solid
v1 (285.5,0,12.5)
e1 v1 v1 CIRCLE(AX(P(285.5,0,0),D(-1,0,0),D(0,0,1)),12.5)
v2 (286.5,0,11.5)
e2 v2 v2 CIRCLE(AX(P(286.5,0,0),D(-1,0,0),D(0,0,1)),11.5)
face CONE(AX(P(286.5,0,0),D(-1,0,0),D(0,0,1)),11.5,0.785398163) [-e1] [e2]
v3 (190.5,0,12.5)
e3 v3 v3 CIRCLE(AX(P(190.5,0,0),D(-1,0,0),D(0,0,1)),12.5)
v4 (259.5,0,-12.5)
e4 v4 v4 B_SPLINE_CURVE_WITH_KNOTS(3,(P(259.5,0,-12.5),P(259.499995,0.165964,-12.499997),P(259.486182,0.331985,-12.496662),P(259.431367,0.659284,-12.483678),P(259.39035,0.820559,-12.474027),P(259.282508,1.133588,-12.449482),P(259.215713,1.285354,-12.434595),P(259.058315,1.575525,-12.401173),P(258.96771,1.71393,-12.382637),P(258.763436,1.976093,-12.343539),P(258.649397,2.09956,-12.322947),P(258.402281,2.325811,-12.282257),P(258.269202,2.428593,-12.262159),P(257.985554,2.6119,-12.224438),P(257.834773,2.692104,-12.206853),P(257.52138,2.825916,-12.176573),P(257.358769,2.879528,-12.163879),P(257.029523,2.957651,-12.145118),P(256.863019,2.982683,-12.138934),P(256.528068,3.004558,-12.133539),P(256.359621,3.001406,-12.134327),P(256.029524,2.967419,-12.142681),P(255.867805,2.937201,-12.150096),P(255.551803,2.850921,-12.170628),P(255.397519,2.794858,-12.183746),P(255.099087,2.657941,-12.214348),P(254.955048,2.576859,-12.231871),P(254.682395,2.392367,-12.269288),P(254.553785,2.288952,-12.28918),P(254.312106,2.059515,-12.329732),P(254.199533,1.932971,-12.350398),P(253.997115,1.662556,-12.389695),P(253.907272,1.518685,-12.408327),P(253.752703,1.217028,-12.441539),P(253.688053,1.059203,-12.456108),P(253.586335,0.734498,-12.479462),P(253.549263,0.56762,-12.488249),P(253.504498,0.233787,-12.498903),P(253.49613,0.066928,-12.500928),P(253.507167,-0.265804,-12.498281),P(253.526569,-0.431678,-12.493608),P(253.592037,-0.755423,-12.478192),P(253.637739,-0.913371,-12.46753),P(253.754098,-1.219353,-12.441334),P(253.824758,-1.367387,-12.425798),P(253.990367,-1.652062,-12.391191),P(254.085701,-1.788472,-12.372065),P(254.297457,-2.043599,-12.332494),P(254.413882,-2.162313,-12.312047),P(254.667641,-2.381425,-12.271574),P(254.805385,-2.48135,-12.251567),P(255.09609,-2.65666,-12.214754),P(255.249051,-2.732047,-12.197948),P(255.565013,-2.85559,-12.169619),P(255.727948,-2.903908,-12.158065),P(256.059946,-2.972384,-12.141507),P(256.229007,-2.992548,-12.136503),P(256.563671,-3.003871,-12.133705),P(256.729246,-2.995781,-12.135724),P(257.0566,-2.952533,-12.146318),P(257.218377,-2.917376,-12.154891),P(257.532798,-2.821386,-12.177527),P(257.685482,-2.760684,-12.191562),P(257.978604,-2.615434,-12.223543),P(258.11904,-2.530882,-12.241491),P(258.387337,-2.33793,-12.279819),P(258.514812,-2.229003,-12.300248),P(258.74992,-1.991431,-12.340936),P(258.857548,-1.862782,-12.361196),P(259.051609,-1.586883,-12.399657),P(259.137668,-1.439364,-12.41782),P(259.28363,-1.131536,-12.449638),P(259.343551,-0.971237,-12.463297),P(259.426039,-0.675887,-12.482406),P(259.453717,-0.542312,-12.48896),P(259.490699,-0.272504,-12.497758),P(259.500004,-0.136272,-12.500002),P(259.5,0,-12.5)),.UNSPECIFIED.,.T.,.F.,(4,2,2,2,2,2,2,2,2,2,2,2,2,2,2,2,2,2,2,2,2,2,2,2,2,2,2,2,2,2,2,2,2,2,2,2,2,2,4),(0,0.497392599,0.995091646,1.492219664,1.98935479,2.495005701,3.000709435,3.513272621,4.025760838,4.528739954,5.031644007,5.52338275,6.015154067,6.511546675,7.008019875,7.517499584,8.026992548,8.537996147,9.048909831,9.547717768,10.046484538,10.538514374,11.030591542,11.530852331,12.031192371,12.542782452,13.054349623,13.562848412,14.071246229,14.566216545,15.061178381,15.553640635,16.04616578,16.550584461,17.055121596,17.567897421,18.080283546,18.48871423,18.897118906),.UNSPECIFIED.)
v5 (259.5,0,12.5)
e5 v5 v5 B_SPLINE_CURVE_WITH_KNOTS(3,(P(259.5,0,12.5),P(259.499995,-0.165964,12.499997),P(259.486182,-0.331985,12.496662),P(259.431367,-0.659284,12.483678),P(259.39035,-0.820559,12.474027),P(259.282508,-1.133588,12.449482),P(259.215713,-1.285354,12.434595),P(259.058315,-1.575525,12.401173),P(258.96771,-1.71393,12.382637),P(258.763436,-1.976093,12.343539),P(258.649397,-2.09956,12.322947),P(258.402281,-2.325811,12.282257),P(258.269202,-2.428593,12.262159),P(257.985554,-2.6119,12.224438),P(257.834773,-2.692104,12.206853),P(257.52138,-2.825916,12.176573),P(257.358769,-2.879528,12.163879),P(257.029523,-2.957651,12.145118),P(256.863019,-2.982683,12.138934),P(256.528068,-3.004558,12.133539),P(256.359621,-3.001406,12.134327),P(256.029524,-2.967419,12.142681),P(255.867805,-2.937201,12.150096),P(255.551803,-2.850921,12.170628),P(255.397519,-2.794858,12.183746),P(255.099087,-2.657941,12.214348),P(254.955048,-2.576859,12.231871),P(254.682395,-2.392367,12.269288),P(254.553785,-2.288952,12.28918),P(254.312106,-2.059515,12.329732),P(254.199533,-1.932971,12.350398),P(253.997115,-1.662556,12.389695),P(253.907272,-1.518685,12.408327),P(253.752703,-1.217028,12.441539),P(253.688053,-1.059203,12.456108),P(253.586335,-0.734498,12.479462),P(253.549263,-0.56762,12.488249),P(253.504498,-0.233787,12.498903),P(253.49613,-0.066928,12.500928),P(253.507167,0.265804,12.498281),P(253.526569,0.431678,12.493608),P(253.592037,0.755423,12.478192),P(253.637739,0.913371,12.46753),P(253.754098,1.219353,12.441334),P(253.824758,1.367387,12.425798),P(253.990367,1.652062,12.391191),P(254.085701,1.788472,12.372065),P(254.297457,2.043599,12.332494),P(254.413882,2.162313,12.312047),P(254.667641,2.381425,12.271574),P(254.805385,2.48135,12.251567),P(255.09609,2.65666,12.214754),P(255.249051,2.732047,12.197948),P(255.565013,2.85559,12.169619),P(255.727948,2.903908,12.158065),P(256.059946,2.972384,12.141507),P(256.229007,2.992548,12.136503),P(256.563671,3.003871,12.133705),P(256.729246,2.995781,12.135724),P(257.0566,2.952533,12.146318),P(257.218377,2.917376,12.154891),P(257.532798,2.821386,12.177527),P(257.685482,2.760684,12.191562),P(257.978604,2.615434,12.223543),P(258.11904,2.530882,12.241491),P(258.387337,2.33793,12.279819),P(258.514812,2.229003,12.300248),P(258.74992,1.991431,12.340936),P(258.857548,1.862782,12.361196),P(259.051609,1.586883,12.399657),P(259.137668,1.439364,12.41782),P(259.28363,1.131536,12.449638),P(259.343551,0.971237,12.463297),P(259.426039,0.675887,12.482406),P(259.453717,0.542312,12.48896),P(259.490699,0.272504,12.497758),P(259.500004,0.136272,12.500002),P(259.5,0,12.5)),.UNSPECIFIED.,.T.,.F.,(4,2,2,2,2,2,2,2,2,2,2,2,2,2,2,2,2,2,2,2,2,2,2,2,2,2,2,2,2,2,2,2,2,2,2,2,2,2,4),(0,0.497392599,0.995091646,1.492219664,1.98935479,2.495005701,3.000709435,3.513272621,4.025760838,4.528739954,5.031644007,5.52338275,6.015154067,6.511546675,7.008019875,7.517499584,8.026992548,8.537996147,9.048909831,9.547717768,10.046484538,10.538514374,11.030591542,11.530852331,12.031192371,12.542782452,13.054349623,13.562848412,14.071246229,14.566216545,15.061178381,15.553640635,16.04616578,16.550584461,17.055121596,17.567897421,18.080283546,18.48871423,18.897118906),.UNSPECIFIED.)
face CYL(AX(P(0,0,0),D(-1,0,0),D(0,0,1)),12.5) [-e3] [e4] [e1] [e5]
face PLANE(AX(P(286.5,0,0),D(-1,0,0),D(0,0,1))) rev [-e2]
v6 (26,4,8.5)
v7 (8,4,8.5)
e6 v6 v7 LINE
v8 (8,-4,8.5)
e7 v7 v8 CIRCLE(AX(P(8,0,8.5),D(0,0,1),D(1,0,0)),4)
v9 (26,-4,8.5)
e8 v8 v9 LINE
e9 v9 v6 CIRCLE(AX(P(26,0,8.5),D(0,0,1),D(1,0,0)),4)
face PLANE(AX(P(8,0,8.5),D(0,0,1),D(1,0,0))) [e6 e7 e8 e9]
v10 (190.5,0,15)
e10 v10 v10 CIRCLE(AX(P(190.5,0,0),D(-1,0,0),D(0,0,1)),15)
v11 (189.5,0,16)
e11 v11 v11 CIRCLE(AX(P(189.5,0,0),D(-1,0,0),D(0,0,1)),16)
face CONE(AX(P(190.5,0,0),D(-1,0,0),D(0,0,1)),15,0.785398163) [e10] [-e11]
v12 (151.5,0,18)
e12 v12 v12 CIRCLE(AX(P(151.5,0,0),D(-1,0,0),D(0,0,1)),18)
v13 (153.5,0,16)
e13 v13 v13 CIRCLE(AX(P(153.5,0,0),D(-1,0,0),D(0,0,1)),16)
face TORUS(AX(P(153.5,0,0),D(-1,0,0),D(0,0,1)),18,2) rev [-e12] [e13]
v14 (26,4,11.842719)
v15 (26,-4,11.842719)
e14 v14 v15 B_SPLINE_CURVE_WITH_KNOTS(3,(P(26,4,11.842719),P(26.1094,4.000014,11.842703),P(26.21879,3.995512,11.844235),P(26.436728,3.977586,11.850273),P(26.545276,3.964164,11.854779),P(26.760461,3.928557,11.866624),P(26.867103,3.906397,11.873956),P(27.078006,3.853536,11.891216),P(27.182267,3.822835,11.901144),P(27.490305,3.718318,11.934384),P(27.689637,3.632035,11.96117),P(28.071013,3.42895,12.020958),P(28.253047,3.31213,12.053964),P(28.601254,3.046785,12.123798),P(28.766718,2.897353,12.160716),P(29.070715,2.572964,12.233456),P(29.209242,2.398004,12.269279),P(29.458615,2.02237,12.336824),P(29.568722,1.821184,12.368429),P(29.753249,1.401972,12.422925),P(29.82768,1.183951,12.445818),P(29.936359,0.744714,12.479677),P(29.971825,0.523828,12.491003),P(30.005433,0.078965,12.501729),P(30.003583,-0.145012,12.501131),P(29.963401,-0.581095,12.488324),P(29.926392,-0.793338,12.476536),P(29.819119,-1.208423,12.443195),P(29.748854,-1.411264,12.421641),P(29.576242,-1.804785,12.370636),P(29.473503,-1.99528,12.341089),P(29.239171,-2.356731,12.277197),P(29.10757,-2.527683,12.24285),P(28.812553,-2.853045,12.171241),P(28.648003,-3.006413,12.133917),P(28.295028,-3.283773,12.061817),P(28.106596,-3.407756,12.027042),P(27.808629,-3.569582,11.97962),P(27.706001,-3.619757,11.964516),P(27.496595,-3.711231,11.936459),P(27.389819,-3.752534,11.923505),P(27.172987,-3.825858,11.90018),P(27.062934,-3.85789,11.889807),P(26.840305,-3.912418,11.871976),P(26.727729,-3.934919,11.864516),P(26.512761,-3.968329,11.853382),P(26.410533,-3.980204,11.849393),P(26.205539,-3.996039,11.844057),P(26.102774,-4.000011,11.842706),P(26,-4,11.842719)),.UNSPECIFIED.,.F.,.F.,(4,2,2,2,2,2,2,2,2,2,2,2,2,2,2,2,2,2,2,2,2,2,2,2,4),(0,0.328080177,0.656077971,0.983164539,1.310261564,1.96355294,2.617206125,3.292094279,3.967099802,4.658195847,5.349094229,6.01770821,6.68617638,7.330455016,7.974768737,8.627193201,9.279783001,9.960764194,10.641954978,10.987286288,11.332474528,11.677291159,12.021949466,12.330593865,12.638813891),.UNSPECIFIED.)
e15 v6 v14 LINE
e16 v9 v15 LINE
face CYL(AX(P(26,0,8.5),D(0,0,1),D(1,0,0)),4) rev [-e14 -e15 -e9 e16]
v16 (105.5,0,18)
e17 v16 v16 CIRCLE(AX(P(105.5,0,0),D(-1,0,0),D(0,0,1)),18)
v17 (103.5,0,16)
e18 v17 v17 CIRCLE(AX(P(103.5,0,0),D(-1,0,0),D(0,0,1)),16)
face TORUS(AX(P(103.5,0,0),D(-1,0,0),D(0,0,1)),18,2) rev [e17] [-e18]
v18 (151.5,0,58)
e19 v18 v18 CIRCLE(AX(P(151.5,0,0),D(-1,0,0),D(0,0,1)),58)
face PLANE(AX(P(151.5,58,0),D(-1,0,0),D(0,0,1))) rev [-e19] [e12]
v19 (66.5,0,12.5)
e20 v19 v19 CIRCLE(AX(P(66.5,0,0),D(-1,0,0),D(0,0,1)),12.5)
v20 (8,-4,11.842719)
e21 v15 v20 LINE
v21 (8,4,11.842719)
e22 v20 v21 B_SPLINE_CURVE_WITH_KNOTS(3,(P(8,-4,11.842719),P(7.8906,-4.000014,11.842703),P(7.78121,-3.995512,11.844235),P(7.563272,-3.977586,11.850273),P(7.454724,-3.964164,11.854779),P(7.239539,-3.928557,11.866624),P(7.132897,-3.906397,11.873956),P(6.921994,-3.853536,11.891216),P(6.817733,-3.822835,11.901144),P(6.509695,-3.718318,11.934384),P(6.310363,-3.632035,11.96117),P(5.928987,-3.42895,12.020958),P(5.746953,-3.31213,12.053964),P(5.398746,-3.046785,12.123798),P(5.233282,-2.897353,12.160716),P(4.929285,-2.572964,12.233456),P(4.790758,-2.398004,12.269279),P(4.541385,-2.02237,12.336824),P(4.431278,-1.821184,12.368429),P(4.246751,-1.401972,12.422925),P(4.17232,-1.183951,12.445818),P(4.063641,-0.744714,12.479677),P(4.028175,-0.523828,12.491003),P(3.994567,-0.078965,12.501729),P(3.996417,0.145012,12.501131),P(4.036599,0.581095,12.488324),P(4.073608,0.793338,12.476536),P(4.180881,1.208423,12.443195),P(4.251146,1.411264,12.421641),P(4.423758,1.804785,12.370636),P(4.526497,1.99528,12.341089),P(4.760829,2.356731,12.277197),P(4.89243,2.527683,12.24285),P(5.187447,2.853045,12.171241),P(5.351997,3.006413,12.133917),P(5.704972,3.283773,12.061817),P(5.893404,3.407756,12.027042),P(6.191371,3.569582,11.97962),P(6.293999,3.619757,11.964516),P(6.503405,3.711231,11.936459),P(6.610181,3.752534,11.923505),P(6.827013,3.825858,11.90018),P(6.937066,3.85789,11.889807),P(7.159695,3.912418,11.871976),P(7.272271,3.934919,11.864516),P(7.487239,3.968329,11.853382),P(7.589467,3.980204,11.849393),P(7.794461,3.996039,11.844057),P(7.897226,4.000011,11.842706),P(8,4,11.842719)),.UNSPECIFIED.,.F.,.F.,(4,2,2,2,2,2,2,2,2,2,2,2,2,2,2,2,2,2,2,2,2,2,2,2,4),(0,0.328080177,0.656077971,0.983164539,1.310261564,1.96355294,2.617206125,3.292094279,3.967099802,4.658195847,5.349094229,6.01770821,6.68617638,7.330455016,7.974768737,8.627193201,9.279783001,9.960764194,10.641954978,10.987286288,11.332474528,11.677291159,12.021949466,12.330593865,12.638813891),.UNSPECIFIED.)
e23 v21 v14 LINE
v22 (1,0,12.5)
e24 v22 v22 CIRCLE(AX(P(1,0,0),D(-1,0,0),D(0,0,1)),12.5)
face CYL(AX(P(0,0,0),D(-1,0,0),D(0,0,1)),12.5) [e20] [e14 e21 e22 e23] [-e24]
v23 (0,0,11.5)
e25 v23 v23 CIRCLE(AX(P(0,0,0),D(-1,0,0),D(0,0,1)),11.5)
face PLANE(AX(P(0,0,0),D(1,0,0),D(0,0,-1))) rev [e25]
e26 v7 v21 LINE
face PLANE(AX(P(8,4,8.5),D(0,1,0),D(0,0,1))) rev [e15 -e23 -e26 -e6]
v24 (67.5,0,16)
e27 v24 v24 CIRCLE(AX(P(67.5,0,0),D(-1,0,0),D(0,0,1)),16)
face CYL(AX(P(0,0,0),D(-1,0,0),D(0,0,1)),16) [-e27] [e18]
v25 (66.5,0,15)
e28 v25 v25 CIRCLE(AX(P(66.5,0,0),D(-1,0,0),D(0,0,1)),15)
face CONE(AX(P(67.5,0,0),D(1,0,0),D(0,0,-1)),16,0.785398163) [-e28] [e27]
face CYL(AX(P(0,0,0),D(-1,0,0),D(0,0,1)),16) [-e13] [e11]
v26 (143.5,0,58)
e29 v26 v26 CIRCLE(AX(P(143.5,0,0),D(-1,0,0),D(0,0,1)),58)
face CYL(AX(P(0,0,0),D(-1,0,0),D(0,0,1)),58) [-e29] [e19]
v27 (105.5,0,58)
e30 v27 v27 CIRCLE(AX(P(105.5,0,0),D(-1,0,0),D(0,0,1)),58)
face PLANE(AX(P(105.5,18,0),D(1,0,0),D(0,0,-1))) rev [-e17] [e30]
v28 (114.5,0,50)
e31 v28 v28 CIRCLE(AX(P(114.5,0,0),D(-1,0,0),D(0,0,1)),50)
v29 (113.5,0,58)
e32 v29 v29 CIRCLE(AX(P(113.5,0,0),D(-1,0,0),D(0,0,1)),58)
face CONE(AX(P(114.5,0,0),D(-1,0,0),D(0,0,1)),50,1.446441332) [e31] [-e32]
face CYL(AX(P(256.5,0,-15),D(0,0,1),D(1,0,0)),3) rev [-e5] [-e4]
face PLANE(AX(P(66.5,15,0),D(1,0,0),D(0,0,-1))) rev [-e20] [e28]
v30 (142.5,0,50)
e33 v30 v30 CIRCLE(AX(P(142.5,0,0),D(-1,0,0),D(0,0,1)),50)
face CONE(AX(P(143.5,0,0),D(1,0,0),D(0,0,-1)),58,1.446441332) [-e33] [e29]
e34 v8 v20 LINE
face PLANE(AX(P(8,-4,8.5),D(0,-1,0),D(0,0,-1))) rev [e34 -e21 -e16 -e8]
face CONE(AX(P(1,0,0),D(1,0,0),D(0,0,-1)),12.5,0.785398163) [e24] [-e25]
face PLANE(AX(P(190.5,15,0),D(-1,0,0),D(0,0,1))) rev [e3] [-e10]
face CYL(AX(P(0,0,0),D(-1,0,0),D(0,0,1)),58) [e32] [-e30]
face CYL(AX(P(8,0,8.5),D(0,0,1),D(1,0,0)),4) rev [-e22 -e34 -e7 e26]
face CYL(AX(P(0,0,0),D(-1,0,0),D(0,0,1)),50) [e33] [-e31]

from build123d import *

# Parameters (mm, degrees)
SKETCH_2_R          = 3
CUT_EXTRUDE_1_DEPTH = 15
CUT_EXTRUDE_2_DEPTH = 4


with BuildPart() as part:
    # 草图1 → 旋转1 (revolve)
    with BuildSketch(Plane.XY):
        with BuildLine():
            Line((67.5, 16), (103.5, 16))
            ThreePointArc((103.5, 16), (104.914213562, 16.585786438), (105.5, 18))
            Line((105.5, 18), (105.5, 58))
            Line((105.5, 58), (113.5, 58))
            Line((113.5, 58), (114.5, 50))
            Line((114.5, 50), (142.5, 50))
            Line((142.5, 50), (143.5, 58))
            Line((143.5, 58), (151.5, 58))
            Line((151.5, 58), (151.5, 18))
            ThreePointArc((151.5, 18), (152.085786438, 16.585786438), (153.5, 16))
            Line((153.5, 16), (189.5, 16))
            Line((189.5, 16), (190.5, 15))
            Line((190.5, 15), (190.5, 12.5))
            Line((190.5, 12.5), (285.5, 12.5))
            Line((285.5, 12.5), (286.5, 11.5))
            Line((286.5, 11.5), (286.5, 0))
            Line((286.5, 0), (0, 0))
            Line((0, 0), (0, 11.5))
            Line((0, 11.5), (1, 12.5))
            Line((1, 12.5), (66.5, 12.5))
            Line((66.5, 12.5), (66.5, 15))
            Line((66.5, 15), (67.5, 16))
        make_face()
    revolve(axis=Axis((0, 0, 0), (1, 0, 0)))

    # 草图2 → 切除-拉伸1 (cut, symmetric)
    with BuildSketch(Plane.XY):
        with Locations((256.5, 0)):
            Circle(SKETCH_2_R)
    extrude(amount=CUT_EXTRUDE_1_DEPTH, both=True, mode=Mode.SUBTRACT)

    # 草图3 → 切除-拉伸2 (cut)
    with BuildSketch(Plane.XY.offset(12.5)):
        with BuildLine():
            Line((8, 4), (26, 4))
            ThreePointArc((26, 4), (30, 0), (26, -4))
            Line((26, -4), (8, -4))
            ThreePointArc((8, -4), (4, 0), (8, 4))
        make_face()
    extrude(amount=-CUT_EXTRUDE_2_DEPTH, mode=Mode.SUBTRACT)


solid = part.part
